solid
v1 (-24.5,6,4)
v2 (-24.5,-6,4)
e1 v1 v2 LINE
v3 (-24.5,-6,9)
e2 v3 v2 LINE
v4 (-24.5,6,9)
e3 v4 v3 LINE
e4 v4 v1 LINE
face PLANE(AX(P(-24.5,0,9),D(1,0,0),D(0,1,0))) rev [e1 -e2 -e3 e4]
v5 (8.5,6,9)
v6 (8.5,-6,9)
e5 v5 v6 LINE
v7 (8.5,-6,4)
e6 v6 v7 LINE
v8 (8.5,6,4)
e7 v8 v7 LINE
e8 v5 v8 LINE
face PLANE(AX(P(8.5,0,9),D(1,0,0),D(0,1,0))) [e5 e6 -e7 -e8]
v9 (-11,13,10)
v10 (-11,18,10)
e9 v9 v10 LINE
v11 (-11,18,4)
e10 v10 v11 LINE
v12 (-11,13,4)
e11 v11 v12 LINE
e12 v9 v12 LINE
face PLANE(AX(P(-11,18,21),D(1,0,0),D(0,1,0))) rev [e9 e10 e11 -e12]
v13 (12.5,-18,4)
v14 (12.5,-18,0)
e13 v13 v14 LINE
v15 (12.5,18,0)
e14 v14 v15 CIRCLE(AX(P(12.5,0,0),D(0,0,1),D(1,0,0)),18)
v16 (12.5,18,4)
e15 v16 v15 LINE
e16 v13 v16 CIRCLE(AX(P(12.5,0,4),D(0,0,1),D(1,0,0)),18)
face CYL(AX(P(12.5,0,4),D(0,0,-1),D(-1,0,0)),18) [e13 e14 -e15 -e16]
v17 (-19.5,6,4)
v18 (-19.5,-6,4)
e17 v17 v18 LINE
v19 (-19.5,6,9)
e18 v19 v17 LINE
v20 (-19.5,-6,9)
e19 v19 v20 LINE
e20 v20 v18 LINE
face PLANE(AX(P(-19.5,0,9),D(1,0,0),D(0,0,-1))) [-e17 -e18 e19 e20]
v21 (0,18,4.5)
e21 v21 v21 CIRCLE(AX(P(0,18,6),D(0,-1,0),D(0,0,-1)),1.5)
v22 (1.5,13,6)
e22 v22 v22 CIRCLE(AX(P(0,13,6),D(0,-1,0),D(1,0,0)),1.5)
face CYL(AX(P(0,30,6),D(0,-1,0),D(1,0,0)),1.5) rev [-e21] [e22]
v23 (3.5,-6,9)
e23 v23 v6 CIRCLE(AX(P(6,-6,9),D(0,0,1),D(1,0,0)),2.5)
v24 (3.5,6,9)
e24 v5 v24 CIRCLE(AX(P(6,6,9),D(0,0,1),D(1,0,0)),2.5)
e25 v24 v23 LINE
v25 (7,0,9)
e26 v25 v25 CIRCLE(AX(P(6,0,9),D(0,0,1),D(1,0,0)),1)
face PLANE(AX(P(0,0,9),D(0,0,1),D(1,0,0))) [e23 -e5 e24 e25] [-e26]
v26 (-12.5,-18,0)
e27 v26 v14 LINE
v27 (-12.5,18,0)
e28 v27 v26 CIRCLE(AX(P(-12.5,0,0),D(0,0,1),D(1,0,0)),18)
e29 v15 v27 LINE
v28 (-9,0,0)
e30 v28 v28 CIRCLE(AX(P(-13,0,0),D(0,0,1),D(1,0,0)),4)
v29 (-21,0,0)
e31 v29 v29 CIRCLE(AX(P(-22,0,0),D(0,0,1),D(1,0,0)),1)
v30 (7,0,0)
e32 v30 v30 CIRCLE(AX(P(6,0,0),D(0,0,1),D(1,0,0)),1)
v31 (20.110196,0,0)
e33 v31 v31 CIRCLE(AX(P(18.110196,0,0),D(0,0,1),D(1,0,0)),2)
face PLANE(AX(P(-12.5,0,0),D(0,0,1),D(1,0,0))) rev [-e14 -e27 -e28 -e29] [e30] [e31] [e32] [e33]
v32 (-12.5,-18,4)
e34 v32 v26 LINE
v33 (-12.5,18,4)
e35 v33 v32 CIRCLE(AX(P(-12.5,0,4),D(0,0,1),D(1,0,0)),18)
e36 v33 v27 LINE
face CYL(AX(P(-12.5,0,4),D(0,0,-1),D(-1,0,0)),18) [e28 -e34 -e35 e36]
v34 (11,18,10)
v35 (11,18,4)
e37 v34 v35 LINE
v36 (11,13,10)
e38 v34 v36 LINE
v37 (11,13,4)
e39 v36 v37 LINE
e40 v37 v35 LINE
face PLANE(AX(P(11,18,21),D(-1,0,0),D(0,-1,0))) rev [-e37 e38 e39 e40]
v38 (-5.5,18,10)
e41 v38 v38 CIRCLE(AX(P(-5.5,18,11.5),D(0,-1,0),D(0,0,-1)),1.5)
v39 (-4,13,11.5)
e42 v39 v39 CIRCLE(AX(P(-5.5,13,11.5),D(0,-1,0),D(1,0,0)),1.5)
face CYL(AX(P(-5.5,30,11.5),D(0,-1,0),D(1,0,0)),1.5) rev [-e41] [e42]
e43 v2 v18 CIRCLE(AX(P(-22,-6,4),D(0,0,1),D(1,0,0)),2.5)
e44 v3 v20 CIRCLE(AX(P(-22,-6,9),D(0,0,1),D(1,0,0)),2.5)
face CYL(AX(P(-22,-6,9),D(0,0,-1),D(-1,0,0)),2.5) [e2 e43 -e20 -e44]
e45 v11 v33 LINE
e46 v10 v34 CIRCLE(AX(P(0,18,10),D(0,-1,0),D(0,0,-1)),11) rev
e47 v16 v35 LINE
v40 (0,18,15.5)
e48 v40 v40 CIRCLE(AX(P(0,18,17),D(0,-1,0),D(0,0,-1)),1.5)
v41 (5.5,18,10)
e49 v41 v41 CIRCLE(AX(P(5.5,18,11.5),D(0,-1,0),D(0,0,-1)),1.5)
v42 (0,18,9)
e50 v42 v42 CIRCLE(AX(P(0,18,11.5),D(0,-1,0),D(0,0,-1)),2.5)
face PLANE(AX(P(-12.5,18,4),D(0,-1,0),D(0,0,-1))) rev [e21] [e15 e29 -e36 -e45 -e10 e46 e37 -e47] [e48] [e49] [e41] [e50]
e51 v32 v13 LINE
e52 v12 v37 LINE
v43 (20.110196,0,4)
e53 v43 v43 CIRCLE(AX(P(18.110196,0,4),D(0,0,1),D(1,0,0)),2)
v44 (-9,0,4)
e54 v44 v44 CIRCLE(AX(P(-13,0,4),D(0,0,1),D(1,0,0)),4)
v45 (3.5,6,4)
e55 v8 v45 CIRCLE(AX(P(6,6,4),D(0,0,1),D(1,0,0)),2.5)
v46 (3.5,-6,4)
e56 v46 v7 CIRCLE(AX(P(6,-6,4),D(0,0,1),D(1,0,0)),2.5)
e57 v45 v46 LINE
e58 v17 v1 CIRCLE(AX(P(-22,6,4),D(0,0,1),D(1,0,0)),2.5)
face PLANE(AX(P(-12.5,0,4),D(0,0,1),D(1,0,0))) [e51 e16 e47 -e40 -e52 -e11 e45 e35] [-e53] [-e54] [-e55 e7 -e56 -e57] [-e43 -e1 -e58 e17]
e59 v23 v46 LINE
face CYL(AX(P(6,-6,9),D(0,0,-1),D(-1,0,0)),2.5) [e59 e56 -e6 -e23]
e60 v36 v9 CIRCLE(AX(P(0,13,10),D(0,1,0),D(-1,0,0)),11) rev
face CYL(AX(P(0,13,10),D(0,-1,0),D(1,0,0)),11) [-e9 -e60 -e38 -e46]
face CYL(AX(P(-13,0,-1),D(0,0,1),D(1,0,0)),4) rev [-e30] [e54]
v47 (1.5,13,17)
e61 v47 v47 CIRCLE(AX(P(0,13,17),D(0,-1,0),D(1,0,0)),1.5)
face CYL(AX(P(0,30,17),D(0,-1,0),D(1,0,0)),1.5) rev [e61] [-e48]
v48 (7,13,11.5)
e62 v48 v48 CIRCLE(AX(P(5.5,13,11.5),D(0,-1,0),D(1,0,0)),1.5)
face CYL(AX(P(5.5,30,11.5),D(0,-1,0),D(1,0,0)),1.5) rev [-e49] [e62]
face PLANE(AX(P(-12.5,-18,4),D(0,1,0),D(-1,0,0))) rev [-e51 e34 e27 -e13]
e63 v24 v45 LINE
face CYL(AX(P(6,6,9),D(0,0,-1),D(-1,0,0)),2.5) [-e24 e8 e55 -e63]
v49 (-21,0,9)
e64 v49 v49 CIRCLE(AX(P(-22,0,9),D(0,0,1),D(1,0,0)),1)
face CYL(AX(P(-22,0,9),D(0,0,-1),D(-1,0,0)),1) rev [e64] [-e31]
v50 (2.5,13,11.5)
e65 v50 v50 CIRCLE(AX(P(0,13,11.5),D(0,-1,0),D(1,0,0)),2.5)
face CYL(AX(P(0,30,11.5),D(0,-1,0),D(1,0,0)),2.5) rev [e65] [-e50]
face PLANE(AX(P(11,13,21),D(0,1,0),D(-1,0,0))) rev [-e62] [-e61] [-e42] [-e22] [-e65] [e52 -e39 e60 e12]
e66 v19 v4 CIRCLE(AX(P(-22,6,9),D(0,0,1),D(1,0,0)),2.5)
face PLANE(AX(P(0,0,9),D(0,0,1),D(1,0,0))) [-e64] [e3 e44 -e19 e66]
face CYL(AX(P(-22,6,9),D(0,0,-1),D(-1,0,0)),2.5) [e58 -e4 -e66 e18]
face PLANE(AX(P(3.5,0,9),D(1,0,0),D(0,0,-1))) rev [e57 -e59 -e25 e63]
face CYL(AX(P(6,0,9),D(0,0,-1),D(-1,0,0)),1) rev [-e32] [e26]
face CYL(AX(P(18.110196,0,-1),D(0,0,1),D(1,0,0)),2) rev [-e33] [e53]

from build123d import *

# Parameters (mm, degrees)
BOSS_EXTRUDE1_DEPTH = 4
SKETCH2_R           = 1
BOSS_EXTRUDE2_DEPTH = 5
CUT_EXTRUDE1_START  = -5
SKETCH2_3_R         = 4
SKETCH2_3_R_2       = 2
SKETCH2_3_R_3       = 1
CUT_EXTRUDE1_DEPTH  = 5
SKETCH3_W           = 22
SKETCH3_H           = 5
BOSS_EXTRUDE3_DEPTH = 17
FILLET1_RADIUS      = 11
FILLET1_LENGTH      = 5
SKETCH5_R           = 2.5
SKETCH5_R_2         = 1.5
CUT_EXTRUDE3_DEPTH  = 17


with BuildPart() as part:
    # Sketch1 → Boss-Extrude1 (new body)
    with BuildSketch(Plane.XY):
        with BuildLine():
            Line((-12.5, 18), (12.5, 18))
            ThreePointArc((12.5, 18), (30.5, 0), (12.5, -18))
            Line((12.5, -18), (-12.5, -18))
            ThreePointArc((-12.5, -18), (-30.5, 0), (-12.5, 18))
        make_face()
    extrude(amount=BOSS_EXTRUDE1_DEPTH)

    # Sketch2 → Boss-Extrude2 (add)
    # profile 1 of 2: a face of its own
    with BuildSketch(Plane.XY.offset(4)):
        with BuildLine():
            Line((-24.5, 6), (-24.5, -6))
            ThreePointArc((-24.5, -6), (-22, -8.5), (-19.5, -6))
            Line((-19.5, -6), (-19.5, 6))
            ThreePointArc((-19.5, 6), (-22, 8.5), (-24.5, 6))
        make_face()
        with Locations((-22, 0)):
            Circle(SKETCH2_R, mode=Mode.SUBTRACT)
    # profile 2 of 2: a face of its own
    with BuildSketch(Plane.XY.offset(4)):
        with BuildLine():
            Line((3.5, 6), (3.5, -6))
            ThreePointArc((3.5, -6), (6, -8.5), (8.5, -6))
            Line((8.5, -6), (8.5, 6))
            ThreePointArc((8.5, 6), (6, 8.5), (3.5, 6))
        make_face()
        with Locations((6, 0)):
            Circle(SKETCH2_R, mode=Mode.SUBTRACT)
    extrude(amount=BOSS_EXTRUDE2_DEPTH)

    # Sketch2<3> → Cut-Extrude1 (cut)
    with BuildSketch(Plane.XY.offset(4).offset(CUT_EXTRUDE1_START)):
        with Locations((-13, 0)):
            Circle(SKETCH2_3_R)
        with Locations((18.110196417, 0)):
            Circle(SKETCH2_3_R_2)
        with Locations((-22, 0)):
            Circle(SKETCH2_3_R_3)
        with Locations((6, 0)):
            Circle(SKETCH2_3_R_3)
    extrude(amount=CUT_EXTRUDE1_DEPTH, mode=Mode.SUBTRACT)

    # Sketch3 → Boss-Extrude3 (add)
    with BuildSketch(Plane.XY.offset(4)):
        with Locations((0, 15.5)):
            Rectangle(SKETCH3_W, SKETCH3_H)
    extrude(amount=BOSS_EXTRUDE3_DEPTH)

    # Fillet1: full round fillet: the end face becomes a half cylinder, R = half its width
    fillet1_face = Plane((0, 15.5, 21), x_dir=(0, 1, 0), z_dir=(0, 0, 1))  # on the end face: x along it, z out of the body
    fillet1_slab = fillet1_face.offset(-FILLET1_RADIUS / 2) * Box(FILLET1_LENGTH, 2 * FILLET1_RADIUS, FILLET1_RADIUS, mode=Mode.PRIVATE)  # the body's end, R deep
    fillet1_round = Plane((0, 15.5, 10), x_dir=(0, 0, 1), z_dir=(0, 1, 0)) * Cylinder(FILLET1_RADIUS, FILLET1_LENGTH, mode=Mode.PRIVATE)  # its axis R under the face
    add(fillet1_slab - fillet1_round, mode=Mode.SUBTRACT)

    # Sketch5 → Cut-Extrude3 (cut)
    with BuildSketch(Plane.XZ.offset(-13)):
        with Locations((0, 11.5)):
            Circle(SKETCH5_R)
        with Locations((5.5, 11.5)):
            Circle(SKETCH5_R_2)
        with Locations((0, 17)):
            Circle(SKETCH5_R_2)
        with Locations((-5.5, 11.5)):
            Circle(SKETCH5_R_2)
        with Locations((0, 6)):
            Circle(SKETCH5_R_2)
    extrude(amount=-CUT_EXTRUDE3_DEPTH, mode=Mode.SUBTRACT)


solid = part.part
